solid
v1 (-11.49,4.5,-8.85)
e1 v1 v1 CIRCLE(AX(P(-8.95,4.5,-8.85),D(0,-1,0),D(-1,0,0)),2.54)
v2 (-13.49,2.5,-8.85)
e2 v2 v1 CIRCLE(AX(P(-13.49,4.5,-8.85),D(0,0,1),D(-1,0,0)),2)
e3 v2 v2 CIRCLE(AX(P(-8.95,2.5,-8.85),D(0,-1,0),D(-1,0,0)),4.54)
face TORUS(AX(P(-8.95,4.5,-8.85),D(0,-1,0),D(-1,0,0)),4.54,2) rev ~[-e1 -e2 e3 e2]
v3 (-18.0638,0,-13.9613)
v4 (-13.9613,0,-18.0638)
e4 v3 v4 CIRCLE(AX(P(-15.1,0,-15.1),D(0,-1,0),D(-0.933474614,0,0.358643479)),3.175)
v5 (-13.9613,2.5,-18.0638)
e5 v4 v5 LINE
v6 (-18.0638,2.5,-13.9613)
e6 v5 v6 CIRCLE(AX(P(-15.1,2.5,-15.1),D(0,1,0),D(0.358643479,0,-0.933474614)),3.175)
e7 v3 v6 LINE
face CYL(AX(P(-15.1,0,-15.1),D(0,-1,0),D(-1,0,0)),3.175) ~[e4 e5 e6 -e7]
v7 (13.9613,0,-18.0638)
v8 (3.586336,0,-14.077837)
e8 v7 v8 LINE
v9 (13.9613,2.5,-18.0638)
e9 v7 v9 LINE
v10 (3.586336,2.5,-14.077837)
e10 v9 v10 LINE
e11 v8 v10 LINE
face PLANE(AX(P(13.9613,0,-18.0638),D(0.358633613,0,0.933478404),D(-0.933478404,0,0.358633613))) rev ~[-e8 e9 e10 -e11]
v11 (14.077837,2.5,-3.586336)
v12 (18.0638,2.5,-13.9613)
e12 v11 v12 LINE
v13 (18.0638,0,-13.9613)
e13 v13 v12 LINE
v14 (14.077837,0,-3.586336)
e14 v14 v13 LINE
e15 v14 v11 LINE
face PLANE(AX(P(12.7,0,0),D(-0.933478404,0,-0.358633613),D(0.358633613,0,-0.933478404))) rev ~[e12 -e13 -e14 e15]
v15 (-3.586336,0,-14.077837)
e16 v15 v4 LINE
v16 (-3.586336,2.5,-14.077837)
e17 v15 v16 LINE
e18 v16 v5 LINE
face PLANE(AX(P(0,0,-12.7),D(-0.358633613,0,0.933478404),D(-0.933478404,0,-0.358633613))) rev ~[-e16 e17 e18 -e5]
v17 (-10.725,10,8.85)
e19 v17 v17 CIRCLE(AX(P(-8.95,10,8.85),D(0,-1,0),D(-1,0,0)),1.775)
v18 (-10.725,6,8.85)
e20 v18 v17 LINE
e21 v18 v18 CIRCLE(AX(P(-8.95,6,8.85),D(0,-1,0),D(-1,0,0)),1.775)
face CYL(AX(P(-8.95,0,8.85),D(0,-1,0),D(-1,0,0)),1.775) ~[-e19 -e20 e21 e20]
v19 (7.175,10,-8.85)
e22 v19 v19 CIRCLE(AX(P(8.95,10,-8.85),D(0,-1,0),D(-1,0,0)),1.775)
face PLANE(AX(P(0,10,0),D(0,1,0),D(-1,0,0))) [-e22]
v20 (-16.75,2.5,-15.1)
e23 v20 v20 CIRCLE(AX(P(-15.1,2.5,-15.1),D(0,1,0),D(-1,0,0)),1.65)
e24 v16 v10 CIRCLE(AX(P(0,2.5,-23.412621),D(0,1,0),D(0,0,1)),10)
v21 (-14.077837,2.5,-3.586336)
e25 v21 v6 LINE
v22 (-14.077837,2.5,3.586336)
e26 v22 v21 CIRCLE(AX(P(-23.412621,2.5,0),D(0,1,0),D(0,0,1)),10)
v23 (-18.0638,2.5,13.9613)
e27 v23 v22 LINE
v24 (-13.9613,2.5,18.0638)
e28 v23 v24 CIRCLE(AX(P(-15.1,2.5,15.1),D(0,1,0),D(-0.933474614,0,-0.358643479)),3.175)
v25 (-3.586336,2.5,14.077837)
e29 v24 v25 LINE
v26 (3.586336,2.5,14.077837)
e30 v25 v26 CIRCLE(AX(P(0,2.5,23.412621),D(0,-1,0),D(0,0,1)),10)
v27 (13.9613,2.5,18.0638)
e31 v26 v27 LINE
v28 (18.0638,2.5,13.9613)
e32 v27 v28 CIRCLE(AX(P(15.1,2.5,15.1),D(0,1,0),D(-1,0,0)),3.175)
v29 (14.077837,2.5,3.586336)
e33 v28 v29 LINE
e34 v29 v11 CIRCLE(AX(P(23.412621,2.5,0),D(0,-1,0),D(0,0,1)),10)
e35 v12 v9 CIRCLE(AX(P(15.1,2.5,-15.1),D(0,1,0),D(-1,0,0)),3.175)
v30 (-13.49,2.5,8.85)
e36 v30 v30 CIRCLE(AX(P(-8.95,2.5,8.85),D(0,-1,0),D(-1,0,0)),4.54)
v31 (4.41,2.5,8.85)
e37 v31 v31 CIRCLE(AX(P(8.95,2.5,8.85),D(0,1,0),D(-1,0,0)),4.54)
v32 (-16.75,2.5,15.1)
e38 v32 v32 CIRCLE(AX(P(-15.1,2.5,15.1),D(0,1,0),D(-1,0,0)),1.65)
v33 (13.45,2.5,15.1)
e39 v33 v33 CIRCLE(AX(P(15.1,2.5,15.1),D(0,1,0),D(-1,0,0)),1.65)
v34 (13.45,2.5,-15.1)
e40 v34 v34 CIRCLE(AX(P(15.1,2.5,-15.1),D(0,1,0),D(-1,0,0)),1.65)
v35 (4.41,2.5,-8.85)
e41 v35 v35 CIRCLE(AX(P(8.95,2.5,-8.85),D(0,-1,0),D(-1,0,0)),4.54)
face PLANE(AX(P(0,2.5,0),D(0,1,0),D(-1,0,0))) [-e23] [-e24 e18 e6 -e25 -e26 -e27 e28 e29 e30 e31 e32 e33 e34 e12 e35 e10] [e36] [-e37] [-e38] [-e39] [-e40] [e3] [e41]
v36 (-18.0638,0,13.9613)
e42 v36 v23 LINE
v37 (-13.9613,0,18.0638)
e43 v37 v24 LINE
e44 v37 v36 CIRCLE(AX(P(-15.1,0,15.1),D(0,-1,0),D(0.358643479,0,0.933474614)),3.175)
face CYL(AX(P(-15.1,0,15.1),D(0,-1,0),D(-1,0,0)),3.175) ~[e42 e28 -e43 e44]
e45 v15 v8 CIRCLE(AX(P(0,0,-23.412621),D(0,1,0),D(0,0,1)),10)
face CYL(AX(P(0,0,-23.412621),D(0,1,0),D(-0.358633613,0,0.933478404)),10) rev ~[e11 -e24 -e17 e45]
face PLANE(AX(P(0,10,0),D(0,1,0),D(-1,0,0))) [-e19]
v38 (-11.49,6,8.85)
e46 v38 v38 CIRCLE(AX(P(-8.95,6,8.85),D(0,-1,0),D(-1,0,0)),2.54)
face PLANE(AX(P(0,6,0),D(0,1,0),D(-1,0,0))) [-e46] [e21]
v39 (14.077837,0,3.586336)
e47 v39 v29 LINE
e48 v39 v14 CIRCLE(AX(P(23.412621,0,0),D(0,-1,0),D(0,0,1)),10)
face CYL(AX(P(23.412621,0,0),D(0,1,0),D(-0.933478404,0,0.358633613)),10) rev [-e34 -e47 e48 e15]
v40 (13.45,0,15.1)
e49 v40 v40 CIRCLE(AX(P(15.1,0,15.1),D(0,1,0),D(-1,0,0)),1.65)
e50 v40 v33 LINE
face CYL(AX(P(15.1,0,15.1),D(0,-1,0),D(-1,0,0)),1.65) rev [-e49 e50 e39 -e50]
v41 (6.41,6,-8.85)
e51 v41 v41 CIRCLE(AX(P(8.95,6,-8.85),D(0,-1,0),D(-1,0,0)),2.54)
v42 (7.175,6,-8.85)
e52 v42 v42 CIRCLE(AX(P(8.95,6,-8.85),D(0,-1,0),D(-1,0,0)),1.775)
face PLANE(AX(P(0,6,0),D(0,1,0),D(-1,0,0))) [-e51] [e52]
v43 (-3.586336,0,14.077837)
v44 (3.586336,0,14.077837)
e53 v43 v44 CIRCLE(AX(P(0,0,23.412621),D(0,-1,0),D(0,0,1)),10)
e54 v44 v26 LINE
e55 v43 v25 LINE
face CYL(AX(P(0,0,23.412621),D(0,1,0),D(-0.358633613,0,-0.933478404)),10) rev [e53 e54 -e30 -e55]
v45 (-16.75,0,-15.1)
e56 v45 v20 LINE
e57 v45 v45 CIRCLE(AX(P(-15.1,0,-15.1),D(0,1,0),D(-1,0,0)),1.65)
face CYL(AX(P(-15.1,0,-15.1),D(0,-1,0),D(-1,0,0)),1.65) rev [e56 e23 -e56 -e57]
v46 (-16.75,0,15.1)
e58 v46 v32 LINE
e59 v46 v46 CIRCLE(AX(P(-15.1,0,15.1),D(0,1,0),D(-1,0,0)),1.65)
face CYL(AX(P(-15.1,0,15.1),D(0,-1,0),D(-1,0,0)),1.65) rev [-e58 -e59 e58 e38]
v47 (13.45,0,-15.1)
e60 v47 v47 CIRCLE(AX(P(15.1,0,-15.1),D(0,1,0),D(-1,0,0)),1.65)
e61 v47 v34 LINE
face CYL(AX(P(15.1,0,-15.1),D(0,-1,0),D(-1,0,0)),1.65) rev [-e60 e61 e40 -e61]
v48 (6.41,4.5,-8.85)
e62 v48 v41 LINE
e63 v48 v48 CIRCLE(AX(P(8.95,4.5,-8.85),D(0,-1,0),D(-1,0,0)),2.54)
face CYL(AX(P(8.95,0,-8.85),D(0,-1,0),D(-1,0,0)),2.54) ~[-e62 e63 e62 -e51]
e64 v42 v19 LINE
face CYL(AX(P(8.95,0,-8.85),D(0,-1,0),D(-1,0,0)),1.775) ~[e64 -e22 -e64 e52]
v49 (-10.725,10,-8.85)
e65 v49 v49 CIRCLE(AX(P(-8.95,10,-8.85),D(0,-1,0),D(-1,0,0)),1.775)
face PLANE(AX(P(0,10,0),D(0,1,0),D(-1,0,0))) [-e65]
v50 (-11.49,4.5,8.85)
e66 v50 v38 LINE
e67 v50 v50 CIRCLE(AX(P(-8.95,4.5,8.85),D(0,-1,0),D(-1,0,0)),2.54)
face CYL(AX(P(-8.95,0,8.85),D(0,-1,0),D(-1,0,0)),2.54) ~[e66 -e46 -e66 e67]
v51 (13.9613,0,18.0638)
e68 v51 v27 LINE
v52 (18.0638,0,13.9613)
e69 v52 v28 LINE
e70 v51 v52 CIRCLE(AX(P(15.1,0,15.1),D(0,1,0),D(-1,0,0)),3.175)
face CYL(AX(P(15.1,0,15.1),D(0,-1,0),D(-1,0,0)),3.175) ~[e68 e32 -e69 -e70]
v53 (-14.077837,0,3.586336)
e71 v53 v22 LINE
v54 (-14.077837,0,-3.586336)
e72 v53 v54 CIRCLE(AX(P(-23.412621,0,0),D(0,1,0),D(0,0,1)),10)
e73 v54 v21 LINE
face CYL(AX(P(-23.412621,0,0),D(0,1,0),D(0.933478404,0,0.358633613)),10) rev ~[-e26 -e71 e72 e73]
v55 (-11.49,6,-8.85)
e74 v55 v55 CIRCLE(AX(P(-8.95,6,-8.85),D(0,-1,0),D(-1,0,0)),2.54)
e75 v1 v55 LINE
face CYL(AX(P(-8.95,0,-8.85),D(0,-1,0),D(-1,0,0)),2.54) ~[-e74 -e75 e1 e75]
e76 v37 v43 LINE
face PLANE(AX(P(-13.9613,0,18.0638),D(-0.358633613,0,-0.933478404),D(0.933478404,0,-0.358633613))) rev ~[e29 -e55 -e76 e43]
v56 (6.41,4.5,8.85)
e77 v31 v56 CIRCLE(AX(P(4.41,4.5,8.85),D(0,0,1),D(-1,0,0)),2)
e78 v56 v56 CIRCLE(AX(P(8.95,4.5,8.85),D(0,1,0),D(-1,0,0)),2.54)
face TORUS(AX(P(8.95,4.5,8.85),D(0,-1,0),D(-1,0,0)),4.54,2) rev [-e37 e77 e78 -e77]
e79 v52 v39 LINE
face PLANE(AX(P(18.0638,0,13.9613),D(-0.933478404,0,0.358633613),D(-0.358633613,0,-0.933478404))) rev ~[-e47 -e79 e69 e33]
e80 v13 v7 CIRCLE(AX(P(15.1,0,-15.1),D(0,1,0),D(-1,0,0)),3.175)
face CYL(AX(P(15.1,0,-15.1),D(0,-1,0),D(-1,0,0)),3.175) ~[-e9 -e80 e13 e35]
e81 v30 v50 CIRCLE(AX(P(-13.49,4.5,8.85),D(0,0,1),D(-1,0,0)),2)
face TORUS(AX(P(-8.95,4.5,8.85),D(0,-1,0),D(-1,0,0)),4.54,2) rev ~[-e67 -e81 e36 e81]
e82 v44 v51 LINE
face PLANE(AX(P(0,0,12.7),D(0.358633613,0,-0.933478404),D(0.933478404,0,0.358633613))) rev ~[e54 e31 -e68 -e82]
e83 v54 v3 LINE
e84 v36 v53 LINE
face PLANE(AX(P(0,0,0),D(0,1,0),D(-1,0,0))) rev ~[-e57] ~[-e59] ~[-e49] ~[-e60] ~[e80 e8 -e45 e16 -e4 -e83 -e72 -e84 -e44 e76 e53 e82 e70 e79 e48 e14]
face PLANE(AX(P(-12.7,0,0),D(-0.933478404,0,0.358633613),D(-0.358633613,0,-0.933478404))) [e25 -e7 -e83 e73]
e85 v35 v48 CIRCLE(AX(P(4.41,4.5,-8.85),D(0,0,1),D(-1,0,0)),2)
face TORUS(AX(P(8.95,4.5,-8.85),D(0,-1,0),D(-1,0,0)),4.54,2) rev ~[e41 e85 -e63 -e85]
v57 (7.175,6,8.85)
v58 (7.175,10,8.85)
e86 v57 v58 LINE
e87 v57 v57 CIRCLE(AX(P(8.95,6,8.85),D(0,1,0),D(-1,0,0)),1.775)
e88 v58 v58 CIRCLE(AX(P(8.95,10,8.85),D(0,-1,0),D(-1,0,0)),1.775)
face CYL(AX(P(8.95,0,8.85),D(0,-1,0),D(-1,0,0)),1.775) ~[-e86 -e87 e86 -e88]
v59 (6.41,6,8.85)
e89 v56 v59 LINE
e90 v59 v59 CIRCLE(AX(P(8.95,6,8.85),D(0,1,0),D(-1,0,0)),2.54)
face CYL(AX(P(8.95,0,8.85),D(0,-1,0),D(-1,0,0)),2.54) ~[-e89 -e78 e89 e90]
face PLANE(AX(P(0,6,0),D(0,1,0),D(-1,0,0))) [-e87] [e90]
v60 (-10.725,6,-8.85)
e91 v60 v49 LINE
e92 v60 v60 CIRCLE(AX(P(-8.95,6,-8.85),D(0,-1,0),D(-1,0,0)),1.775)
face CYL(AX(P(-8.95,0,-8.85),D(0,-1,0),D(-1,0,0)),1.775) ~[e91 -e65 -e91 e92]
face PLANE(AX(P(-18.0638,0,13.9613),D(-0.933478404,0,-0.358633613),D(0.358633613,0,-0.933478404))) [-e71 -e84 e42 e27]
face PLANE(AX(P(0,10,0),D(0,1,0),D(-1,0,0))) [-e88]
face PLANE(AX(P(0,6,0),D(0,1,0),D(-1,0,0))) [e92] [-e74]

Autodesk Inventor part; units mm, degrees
ref_plane "YZ Plane" through (0, 0, 0) normal (1, 0, 0) x (0, 1, 0)
ref_plane "XZ Plane" through (0, 0, 0) normal (0, 1, 0) x (-1, 0, 0)
ref_plane "XY Plane" through (0, 0, 0) normal (0, 0, 1) x (1, 0, 0)
sketch "Sketch1" plane through (0, 0, 0) normal (0, 1, 0) x (-1, 0, 0)
  line L0 (-8.95, 8.85) -> (-8.95, -8.85)
  line L1 (-8.95, -8.85) -> (8.95, -8.85)
  line L2 (8.95, -8.85) -> (8.95, 8.85)
  line L3 (8.95, 8.85) -> (-8.95, 8.85)
  line L4 (-8.95, 8.85) -> (8.95, -8.85) construction
  line L5 (-8.95, -8.85) -> (8.95, 8.85) construction
  circle A0 centre (8.95, 8.85) radius 1.775
  circle A1 centre (8.95, -8.85) radius 1.775
  circle A2 centre (-8.95, 8.85) radius 1.775
  circle A3 centre (-8.95, -8.85) radius 1.775
  circle A4 centre (8.95, 8.85) radius 2.54
  circle A5 centre (8.95, -8.85) radius 2.54
  circle A6 centre (-8.95, 8.85) radius 2.54
  circle A7 centre (-8.95, -8.85) radius 2.54
  line L6 (2.2577, 2.2325) -> (2.2451, 2.2451)
  circle A8 centre (15.1, -15.1) radius 1.65
  circle A9 centre (15.1, 15.1) radius 1.65
  circle A10 centre (-15.1, -15.1) radius 1.65
  circle A11 centre (-15.1, 15.1) radius 1.65
  line L7 (0, 0) -> (4.4901, 0)
  line L8 (0, 0) -> (0, 3.0635)
  line L9 (-15.1, 15.1) -> (15.1, -15.1) construction
  circle A12 centre (15.1, 15.1) radius 3.175
  circle A13 centre (15.1, -15.1) radius 3.175
  circle A14 centre (-15.1, 15.1) radius 3.175
  circle A15 centre (-15.1, -15.1) radius 3.175
  line L10 (18.0638, 13.9613) -> (12.7, 0)
  line L11 (12.7, 0) -> (18.0638, -13.9613)
  line L12 (13.9613, 18.0638) -> (0, 12.7)
  line L13 (0, 12.7) -> (-13.9613, 18.0638)
  line L14 (-18.0638, 13.9613) -> (-12.7, 0)
  line L15 (-12.7, 0) -> (-18.0638, -13.9613)
  line L16 (-13.9613, -18.0638) -> (0, -12.7)
  line L17 (0, -12.7) -> (13.9613, -18.0638)
  point P0 (0, -0.2784)
  point P1 (-0.5887, -0.5887)
  point P2 (-4.5282, -4.9254)
  point P3 (0, 0)
  dimension "d0" = 17.7
  dimension "d1" = 17.9
  dimension "d2" = 3.55
  dimension "d3" = 3.55
  dimension "d4" = 3.55
  dimension "d5" = 3.55
  dimension "d11" = 5.08
  dimension "d12" = 5.08
  dimension "d13" = 5.08
  dimension "d14" = 5.08
  dimension "d31" = 3.3
  dimension "d34" = 30.2
  dimension "d37" = 30.2
  dimension "d68" = 6.35
  dimension "d71" = 30.2
  dimension "d74" = 30.2
  dimension "d78" = 12.7
  dimension "d79" = 12.7
  dimension "d81" = 12.7
extrude "Extrusion2" add sketch "Sketch1" along normal blind 10 contours L3 A2 L0 | L0 A2 L3 | A3 L1 L0 | L0 L1 A3 | A0 L2 L3 | L3 L2 A0 | A1 L2 L1 | L1 L2 A1
extrude "Extrusion3" add sketch "Sketch1" along normal blind 6 contours A2 L3 A6 L0 | L0 A6 L3 A2 | A7 L1 A3 L0 | L0 A3 L1 A7 | A4 L2 A0 L3 | L3 A0 L2 A4 | A5 L2 A1 L1 | L1 A1 L2 A5
extrude "Extrusion6" add sketch "Sketch1" along normal blind 2.5 contours L3 A2 L0 | A2 L3 A6 L0 | A6 L3 A4 L2 A5 L1 A7 L0 | A7 L1 A3 L0 | L3 A0 L2 A4 | A3 L1 L0 | L3 L2 A0 | A5 L2 A1 L1 | A1 L2 L1 | A12 | A12 L10 L11 A13 L17 L16 A15 L15 L14 A14 L13 L12 | A14 | A13 | A15 picked at (-7.7815, 8.7183) picked at (-6.6862, 8.6616) picked at (-6.6862, -8.6616) picked at (6.7011, 8.5299) picked at (-8.5616, -7.7401) picked at (7.7815, 8.7183) picked at (6.8287, -8.0375) picked at (8.8183, -7.6815)
fillet "Fillet2" radius 10 4 edges at (0, 1.25, 12.7) (12.7, 1.25, 0) (0, 1.25, -12.7) (-12.7, 1.25, 0)
fillet "Fillet3" radius 2 4 edges at (-6.41, 2.5, 8.85) (11.49, 2.5, 8.85) (11.49, 2.5, -8.85) (-6.41, 2.5, -8.85)
equation "\"d3\" = d2"
equation "\"d4\" = d2"
equation "\"d5\" = d2"
equation "\"d12\" = d11"
equation "\"d13\" = d11"
equation "\"d14\" = d11"
properties part number "Gryo Mount"
